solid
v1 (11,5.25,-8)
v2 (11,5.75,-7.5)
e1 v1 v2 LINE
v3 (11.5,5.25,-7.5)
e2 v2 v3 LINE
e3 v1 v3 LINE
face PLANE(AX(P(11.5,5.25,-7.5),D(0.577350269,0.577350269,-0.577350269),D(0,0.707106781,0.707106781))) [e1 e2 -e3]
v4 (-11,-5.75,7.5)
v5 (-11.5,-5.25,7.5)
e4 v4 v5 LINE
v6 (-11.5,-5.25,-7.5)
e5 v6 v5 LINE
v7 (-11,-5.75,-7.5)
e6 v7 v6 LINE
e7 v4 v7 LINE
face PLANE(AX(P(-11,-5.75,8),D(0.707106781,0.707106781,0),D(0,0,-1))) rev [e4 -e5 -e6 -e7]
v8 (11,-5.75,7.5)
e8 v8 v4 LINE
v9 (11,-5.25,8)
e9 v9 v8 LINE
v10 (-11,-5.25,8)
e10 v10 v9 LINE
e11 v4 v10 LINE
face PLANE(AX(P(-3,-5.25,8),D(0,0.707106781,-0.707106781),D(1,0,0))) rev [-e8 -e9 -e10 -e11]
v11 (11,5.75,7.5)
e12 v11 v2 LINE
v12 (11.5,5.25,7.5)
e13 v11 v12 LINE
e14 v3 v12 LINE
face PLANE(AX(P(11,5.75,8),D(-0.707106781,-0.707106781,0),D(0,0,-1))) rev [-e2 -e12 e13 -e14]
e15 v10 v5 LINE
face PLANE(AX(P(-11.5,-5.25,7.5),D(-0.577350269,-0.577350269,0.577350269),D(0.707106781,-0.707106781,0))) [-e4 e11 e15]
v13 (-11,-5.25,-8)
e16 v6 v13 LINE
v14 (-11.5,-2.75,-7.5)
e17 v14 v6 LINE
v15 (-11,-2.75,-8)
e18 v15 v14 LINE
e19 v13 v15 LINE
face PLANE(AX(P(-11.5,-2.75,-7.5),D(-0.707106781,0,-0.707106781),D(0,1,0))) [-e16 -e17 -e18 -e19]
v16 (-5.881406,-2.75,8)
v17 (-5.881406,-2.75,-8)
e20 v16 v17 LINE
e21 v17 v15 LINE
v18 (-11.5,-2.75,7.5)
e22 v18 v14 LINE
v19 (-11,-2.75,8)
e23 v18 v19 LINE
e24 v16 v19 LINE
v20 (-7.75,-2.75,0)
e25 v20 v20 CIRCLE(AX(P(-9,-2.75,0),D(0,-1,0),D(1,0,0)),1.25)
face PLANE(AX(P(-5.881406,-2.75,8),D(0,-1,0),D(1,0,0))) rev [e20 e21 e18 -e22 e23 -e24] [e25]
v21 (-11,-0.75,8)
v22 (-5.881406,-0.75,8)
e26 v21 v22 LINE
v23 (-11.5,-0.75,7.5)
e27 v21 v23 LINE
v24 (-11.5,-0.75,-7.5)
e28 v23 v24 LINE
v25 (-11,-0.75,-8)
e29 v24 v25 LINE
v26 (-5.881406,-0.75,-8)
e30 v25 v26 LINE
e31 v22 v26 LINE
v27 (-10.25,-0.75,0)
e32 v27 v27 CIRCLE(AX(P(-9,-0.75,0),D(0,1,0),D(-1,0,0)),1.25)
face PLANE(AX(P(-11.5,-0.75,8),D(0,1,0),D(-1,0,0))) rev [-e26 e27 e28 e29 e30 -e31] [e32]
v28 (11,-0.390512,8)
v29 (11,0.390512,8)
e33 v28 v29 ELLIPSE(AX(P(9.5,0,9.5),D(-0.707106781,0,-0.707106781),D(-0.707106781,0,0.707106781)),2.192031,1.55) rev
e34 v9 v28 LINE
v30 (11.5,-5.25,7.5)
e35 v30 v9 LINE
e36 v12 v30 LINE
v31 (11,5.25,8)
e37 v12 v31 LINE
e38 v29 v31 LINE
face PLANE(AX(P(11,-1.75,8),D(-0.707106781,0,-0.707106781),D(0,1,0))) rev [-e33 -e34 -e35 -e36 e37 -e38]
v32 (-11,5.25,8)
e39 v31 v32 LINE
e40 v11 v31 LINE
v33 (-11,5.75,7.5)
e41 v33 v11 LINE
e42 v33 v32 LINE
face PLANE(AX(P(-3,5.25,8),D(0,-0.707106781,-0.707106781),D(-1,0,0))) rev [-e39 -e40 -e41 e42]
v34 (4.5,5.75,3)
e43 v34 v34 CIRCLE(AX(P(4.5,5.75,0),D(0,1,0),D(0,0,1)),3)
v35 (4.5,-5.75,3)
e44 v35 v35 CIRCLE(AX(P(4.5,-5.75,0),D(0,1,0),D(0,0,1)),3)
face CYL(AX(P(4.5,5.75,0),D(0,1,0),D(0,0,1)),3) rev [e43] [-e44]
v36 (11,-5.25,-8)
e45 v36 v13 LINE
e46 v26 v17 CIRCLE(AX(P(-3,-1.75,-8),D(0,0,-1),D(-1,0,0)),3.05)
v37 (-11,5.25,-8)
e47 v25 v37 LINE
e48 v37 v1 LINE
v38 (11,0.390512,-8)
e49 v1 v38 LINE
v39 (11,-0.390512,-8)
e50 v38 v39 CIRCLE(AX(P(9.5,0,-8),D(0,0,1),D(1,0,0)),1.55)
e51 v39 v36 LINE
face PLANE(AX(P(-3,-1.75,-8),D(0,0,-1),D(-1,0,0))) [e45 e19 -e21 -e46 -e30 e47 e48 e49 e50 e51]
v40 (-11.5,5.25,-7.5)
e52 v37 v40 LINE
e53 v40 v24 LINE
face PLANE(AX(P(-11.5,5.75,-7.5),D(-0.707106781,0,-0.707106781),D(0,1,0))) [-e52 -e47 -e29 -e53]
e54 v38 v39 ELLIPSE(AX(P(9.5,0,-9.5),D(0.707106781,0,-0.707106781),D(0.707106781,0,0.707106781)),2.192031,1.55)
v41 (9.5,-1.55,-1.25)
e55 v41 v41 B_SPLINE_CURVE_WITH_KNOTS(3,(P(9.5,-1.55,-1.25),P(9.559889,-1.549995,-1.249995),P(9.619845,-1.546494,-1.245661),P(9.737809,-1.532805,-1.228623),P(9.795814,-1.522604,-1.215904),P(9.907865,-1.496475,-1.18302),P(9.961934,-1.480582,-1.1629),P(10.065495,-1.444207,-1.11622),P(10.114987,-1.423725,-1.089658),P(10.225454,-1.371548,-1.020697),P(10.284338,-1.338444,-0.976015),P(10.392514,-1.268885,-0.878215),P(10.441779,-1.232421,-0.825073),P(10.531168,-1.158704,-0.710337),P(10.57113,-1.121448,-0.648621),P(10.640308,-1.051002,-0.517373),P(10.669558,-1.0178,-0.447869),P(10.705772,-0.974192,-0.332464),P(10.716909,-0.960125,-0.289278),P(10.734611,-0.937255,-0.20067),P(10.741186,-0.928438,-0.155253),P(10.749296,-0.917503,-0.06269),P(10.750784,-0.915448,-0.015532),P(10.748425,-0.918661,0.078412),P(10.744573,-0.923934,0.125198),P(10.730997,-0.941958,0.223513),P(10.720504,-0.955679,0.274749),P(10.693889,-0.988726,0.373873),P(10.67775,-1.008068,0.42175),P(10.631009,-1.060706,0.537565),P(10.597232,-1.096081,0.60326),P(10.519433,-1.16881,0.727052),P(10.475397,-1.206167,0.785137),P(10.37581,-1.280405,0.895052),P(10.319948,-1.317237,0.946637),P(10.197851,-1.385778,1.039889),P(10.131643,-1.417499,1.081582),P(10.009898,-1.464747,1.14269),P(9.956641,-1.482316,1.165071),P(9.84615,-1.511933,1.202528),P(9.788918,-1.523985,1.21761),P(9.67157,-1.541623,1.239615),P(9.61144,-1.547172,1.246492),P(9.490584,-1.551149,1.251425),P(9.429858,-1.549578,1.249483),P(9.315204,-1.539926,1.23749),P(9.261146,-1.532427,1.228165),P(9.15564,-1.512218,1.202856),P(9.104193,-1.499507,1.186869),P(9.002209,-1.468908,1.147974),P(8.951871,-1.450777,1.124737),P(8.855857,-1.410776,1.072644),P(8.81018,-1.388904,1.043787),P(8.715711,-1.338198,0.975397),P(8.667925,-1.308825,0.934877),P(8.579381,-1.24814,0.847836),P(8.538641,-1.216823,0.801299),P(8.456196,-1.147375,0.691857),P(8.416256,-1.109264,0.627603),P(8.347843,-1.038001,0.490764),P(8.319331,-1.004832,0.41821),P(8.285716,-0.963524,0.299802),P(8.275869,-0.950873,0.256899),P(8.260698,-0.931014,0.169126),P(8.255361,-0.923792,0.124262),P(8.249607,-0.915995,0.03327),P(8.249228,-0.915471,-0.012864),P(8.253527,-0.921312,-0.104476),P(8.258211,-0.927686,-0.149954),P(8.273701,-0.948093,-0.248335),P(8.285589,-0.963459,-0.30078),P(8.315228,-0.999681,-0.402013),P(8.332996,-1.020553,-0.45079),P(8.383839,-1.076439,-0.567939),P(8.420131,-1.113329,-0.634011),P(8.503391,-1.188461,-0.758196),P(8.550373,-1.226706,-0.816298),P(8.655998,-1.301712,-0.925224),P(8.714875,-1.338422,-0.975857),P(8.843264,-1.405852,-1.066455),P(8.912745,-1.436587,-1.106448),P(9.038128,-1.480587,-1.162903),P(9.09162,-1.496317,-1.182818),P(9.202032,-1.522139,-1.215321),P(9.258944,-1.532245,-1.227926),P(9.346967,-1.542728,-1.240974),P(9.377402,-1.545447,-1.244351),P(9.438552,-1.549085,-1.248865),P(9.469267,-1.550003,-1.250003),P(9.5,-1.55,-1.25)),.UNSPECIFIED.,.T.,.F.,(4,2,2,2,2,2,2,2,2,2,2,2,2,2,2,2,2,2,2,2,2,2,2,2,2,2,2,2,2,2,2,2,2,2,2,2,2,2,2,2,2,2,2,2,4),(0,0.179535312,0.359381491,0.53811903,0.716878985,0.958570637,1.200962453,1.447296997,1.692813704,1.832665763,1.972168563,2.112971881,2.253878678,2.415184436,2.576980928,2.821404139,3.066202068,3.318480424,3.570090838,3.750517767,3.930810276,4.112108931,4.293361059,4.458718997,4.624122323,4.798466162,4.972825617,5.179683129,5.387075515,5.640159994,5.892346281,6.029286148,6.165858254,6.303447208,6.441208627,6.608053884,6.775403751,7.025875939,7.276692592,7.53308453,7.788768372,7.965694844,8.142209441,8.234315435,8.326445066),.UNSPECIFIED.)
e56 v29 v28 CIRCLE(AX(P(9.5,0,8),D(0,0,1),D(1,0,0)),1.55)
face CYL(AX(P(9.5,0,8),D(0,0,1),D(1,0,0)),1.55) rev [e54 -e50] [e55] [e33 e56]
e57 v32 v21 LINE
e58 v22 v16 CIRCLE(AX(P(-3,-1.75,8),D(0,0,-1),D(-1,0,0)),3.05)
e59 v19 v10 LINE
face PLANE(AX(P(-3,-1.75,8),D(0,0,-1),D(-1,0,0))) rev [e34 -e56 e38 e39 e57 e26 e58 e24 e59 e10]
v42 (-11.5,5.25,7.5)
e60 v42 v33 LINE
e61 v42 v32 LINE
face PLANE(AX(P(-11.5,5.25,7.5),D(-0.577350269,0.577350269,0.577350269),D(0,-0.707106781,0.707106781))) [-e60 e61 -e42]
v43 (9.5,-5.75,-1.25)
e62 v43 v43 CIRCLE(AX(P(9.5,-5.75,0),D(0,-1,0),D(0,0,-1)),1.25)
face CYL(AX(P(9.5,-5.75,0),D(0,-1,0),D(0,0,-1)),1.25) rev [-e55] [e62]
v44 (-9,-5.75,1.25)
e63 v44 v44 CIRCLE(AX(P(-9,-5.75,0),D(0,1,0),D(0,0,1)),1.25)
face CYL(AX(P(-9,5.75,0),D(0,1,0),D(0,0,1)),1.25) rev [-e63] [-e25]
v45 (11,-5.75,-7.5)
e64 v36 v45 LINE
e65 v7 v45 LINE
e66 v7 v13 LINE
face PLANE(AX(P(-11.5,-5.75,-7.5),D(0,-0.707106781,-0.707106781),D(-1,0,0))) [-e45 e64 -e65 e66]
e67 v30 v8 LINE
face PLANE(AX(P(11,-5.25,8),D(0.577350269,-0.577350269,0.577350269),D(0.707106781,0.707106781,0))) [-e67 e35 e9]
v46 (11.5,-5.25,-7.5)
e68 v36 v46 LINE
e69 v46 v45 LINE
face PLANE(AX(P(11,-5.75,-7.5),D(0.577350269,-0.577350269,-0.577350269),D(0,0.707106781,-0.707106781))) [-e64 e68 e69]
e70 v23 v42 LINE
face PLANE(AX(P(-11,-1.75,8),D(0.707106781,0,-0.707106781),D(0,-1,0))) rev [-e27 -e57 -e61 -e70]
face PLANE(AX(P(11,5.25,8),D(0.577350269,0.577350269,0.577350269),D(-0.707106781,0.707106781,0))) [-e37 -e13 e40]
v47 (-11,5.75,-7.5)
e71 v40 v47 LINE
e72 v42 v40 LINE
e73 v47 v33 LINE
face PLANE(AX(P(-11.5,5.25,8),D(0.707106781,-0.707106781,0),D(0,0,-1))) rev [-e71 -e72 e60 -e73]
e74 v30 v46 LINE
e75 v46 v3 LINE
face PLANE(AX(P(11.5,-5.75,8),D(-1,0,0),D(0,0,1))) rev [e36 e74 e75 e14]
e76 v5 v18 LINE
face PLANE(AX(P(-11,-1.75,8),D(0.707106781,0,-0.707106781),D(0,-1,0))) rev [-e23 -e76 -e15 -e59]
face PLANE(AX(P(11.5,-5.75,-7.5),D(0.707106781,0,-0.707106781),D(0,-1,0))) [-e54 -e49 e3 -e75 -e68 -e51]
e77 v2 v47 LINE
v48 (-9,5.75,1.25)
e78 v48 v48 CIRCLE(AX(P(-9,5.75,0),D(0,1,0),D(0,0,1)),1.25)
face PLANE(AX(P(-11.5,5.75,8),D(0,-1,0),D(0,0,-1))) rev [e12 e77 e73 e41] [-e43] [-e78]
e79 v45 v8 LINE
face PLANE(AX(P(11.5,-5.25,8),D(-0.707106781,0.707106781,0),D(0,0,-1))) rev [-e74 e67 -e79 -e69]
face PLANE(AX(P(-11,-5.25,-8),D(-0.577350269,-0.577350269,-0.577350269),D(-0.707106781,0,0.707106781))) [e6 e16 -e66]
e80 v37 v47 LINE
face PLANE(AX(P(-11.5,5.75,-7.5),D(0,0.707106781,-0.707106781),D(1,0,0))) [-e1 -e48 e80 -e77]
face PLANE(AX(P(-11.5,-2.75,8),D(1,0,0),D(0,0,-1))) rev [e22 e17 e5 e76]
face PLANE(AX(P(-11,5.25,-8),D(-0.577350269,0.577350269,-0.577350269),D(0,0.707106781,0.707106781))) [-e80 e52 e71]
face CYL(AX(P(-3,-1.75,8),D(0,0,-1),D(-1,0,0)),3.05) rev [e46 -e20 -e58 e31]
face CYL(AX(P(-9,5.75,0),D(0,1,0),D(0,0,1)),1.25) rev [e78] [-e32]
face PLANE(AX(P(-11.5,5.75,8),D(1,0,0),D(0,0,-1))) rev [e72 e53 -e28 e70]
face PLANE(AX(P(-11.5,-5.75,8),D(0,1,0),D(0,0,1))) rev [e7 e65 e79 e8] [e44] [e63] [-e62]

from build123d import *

# Parameters (mm, degrees)
BOSS_EXTRUDE1_DEPTH        = 8
CHAMFER1_SIZE              = 0.5
M3X0_5_TAPPED_HOLE2_D      = 2.5
M6X1_0_TAPPED_HOLE1_D      = 6
F_3_1_3_1_DIAMETER_HOLE1_D = 3.1
M3X0_5_TAPPED_HOLE3_REACH  = 20.125
M3X0_5_TAPPED_HOLE3_BORE_R = 1.25


with BuildPart() as part:
    # Sketch1 → Boss-Extrude1 (new, symmetric)
    with BuildSketch(Plane.XY):
        with BuildLine():
            Line((-11.5, -0.75), (-5.881405907, -0.75))
            ThreePointArc((-5.881405907, -0.75), (0.05, -1.75), (-5.881405907, -2.75))
            Line((-5.881405907, -2.75), (-11.5, -2.75))
            Line((-11.5, -2.75), (-11.5, -5.75))
            Line((-11.5, -5.75), (11.5, -5.75))
            Line((11.5, -5.75), (11.5, 5.75))
            Line((11.5, 5.75), (-11.5, 5.75))
            Line((-11.5, 5.75), (-11.5, -0.75))
        make_face()
    extrude(amount=BOSS_EXTRUDE1_DEPTH, both=True)

    # Chamfer1
    chamfer1_edges = [part.edges().sort_by_distance(p)[0] for p in [
        (-11.5, 2.5, 8),
        (0, 5.75, -8),
        (11.5, 0, -8),
        (11.5, -5.75, 0),
        (-11.5, -5.75, 0),
        (-11.5, 5.75, 0),
        (11.5, 5.75, 0),
        (-11.5, -4.25, 8),
        (0, -5.75, 8),
        (11.5, 0, 8),
        (0, 5.75, 8),
        (0, -5.75, -8),
        (-11.5, -4.25, -8),
        (-11.5, 2.5, -8),
    ]]
    chamfer(chamfer1_edges, length=CHAMFER1_SIZE)

    # M3x0.5 Tapped Hole2 (through all)
    with Locations(Plane(origin=(0, 5.75, 0), x_dir=(1, 0, 0), z_dir=(0, 1, 0))):
        with Locations((-9, 0)):
            Hole(M3X0_5_TAPPED_HOLE2_D / 2)

    # M6x1.0 Tapped Hole1 (through all)
    with Locations(Plane(origin=(0, 5.75, 0), x_dir=(1, 0, 0), z_dir=(0, 1, 0))):
        with Locations((4.5, 0)):
            Hole(M6X1_0_TAPPED_HOLE1_D / 2)

    # Ø3.1 (3.1) Diameter Hole1 (through all)
    with Locations(Plane.XY.offset(8)):
        with Locations((9.5, 0)):
            Hole(F_3_1_3_1_DIAMETER_HOLE1_D / 2)

    # M3x0.5 Tapped Hole3 bore → M3x0.5 Tapped Hole3 (cut, up to next)
    with BuildSketch(Plane(origin=(0, -5.75, 0), x_dir=(-1, 0, 0), z_dir=(0, -1, 0)), mode=Mode.PRIVATE) as m3x0_5_tapped_hole3_sk1:
        with Locations((-9.5, 0)):
            Circle(M3X0_5_TAPPED_HOLE3_BORE_R)
    m3x0_5_tapped_hole3_tool1 = extrude(m3x0_5_tapped_hole3_sk1.sketch, amount=-M3X0_5_TAPPED_HOLE3_REACH, mode=Mode.PRIVATE) & part.part
    add(m3x0_5_tapped_hole3_tool1.solids().sort_by_distance((9.5, -5.75, 0))[0], mode=Mode.SUBTRACT)


solid = part.part
